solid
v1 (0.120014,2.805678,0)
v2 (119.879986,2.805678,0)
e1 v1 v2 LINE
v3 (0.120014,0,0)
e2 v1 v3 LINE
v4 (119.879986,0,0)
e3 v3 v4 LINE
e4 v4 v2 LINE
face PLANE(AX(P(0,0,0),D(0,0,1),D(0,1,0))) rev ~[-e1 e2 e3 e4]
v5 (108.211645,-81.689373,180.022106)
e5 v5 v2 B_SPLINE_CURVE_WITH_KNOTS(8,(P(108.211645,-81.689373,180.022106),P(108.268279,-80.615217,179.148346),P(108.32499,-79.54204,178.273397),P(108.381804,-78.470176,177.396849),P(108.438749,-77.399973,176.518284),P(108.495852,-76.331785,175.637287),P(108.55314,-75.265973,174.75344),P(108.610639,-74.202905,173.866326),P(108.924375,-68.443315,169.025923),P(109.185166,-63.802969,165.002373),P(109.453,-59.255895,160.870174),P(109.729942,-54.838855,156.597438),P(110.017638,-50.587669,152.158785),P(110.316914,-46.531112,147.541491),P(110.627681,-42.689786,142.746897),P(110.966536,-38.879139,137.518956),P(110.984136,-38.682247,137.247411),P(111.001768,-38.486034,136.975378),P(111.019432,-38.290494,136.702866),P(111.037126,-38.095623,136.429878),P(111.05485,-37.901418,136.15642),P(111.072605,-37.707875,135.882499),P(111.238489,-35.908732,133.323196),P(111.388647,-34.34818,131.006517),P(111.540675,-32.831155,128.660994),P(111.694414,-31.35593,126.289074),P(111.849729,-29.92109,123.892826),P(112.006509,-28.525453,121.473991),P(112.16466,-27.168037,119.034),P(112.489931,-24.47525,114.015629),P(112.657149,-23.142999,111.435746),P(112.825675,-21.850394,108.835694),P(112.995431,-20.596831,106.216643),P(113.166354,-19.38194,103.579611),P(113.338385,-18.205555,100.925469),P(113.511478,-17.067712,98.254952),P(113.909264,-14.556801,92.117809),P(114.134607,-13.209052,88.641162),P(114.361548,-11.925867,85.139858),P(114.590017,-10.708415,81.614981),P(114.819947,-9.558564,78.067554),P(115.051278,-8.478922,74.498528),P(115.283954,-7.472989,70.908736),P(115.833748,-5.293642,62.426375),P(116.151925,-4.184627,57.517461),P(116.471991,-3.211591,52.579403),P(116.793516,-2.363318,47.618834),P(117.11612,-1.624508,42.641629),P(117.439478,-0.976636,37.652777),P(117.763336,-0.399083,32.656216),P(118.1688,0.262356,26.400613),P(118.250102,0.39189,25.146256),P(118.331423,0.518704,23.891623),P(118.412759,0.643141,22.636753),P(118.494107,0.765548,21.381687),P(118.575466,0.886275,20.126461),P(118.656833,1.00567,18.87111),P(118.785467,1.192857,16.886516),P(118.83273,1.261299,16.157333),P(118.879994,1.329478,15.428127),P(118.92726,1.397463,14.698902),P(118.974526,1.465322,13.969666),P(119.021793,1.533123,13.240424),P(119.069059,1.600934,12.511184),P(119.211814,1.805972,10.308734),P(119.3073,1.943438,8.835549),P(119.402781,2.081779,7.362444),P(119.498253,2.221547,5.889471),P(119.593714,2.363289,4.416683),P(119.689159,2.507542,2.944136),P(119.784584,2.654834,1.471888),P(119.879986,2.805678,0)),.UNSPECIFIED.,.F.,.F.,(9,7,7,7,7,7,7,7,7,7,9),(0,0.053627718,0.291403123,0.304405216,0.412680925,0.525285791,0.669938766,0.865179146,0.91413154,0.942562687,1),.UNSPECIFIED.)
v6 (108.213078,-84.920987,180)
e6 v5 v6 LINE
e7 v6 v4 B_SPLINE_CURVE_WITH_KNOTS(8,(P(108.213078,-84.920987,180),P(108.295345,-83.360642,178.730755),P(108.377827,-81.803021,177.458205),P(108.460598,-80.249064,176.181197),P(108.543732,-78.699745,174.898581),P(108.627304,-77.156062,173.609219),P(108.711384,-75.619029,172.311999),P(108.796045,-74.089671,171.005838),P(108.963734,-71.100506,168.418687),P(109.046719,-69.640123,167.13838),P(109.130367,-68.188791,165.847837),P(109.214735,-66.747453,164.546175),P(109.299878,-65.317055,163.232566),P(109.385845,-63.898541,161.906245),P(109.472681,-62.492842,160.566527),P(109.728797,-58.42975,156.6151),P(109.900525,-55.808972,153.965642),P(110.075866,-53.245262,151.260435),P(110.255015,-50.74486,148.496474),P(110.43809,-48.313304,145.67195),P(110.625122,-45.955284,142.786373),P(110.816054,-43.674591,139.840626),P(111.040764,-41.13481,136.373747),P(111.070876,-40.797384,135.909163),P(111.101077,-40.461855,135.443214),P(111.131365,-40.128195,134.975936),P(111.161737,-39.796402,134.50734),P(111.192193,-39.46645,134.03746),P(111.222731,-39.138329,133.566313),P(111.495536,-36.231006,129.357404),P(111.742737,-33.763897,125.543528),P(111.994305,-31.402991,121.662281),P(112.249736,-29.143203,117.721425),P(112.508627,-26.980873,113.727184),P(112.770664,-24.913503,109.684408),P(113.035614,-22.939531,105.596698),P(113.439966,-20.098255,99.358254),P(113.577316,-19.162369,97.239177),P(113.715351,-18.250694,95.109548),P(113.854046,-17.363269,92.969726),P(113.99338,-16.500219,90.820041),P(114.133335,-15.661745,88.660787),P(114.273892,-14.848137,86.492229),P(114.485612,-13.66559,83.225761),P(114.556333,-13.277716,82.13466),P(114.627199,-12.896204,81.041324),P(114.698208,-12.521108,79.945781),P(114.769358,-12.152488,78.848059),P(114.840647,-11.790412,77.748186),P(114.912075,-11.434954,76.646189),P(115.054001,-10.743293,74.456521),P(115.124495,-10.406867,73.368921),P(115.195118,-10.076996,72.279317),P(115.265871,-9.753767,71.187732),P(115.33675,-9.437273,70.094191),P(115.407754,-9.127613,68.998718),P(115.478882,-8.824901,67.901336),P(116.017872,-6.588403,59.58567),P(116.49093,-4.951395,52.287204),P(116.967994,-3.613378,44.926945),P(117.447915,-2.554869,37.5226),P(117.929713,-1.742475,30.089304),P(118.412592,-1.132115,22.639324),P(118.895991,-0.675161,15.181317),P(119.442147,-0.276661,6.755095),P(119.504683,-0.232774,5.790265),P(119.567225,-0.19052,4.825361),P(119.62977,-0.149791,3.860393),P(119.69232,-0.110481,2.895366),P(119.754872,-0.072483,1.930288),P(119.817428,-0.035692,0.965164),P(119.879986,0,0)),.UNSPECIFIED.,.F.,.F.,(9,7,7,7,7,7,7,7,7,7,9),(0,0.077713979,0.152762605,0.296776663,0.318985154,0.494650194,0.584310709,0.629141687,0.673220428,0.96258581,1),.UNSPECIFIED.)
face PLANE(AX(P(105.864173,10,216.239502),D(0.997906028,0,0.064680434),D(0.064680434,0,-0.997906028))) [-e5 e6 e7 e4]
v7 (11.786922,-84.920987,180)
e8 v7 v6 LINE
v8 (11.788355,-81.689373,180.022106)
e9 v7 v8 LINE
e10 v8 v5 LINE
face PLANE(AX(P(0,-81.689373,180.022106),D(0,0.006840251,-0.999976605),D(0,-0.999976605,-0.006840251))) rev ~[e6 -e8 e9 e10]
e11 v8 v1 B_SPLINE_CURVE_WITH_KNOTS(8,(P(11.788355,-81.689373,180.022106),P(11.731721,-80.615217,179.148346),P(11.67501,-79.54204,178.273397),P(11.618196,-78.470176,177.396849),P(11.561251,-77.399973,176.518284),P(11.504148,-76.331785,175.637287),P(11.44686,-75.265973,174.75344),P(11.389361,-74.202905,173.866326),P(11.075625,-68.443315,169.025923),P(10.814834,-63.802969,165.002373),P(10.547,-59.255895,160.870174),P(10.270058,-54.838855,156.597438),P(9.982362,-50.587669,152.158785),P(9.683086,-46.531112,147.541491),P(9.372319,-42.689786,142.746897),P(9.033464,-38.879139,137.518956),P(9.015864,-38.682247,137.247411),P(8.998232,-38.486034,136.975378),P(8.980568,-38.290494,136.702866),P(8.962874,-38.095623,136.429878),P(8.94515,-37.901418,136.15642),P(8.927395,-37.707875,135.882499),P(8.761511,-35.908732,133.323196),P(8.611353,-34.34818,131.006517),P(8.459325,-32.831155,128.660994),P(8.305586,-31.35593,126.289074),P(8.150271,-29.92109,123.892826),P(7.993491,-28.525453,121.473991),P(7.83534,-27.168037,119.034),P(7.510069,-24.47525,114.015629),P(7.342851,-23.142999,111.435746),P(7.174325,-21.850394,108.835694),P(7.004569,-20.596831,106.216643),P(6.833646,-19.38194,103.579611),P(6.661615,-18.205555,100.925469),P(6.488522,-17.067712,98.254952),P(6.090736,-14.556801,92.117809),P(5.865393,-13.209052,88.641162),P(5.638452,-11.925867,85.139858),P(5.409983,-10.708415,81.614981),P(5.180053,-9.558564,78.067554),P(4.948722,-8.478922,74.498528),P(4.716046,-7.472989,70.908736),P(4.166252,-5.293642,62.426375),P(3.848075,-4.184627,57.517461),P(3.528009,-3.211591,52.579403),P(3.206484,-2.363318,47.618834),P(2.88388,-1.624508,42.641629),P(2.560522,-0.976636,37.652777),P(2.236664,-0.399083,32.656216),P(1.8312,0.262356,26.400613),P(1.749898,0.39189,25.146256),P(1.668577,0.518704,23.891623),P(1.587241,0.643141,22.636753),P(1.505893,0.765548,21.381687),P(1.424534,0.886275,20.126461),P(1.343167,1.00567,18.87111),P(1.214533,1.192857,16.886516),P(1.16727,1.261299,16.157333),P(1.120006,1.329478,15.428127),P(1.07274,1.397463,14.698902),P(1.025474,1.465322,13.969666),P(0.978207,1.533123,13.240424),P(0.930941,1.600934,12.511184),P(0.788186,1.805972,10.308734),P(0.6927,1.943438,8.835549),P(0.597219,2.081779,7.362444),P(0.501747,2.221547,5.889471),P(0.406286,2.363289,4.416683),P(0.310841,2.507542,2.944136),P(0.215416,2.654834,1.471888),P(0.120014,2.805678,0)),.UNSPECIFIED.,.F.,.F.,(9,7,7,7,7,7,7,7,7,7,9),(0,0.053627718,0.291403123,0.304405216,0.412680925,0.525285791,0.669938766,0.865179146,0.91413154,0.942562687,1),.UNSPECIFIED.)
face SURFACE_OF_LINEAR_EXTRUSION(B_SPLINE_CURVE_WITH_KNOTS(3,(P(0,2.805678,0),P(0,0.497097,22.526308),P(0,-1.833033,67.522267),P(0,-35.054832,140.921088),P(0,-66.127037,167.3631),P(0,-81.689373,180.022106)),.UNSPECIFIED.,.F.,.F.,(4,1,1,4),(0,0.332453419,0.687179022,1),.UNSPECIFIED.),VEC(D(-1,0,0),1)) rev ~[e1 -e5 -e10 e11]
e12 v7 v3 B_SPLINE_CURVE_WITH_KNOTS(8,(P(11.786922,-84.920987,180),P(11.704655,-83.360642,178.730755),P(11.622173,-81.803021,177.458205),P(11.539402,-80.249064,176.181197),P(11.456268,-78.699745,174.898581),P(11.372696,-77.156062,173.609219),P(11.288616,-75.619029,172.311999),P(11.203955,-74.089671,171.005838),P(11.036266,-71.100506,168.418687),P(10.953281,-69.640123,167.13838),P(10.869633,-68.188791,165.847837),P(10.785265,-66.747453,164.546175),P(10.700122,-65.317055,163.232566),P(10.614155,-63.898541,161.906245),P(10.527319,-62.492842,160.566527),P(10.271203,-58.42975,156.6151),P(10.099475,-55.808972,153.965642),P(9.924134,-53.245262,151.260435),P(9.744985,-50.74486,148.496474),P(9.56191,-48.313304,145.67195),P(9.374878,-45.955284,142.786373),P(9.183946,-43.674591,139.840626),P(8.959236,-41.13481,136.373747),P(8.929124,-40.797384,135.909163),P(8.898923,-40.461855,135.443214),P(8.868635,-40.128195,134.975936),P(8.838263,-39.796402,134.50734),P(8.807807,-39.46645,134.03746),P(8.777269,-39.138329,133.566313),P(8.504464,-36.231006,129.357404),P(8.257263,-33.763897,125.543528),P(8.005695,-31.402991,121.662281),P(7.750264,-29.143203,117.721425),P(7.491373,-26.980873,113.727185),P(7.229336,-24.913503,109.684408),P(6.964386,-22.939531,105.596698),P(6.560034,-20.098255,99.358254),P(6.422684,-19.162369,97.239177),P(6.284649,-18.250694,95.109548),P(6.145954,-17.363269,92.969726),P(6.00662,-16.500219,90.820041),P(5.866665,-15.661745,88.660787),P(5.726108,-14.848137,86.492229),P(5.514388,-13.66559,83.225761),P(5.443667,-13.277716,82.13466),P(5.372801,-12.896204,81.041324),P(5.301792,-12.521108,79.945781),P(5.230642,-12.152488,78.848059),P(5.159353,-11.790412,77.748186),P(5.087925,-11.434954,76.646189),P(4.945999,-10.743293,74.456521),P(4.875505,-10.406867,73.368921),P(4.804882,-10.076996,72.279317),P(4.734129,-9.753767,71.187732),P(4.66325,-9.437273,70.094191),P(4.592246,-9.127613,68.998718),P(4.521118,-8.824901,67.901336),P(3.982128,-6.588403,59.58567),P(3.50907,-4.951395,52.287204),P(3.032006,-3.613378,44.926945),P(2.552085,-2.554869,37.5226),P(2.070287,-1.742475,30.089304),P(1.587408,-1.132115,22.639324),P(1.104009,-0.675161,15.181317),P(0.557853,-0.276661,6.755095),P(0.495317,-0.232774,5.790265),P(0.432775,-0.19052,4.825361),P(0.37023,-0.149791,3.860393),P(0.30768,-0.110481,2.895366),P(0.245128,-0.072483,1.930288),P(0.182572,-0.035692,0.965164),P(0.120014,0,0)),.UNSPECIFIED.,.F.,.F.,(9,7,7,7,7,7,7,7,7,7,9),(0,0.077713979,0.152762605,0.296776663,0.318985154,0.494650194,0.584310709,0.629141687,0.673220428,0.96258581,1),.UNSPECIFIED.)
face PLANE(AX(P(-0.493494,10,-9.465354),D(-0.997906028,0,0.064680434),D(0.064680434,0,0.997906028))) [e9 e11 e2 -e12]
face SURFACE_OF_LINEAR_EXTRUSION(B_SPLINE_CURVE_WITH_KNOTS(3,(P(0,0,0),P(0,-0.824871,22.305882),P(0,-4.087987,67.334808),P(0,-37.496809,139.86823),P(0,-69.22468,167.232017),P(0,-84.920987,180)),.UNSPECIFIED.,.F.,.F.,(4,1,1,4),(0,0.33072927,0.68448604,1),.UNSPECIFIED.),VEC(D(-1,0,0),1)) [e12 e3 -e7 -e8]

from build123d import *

# Parameters (mm, degrees)
F1_DEPTH = 120
F4_DEPTH = 150


with BuildPart() as f1:
    # F0 (on Right) → F1 (new body)
    with BuildSketch(Plane.YZ):
        with BuildLine():
            add(Edge.make_bspline(
                [(0, 0), (-0.8248705769, 22.3058823974), (-4.0879868861, 67.3348078908), (-37.4968088314, 139.8682303723), (-69.2246799773, 167.2320171194), (-84.9209874868, 180)],
                knots=[0, 0, 0, 0, 0.33072927, 0.6844860396, 1, 1, 1, 1], degree=3))
            Line((0, 0), (2.8056783602, 0))
            add(Edge.make_bspline(
                [(2.8056783602, 0), (0.4970972667, 22.5263075512), (-1.8330327824, 67.5222668889), (-35.0548319825, 140.921088041), (-66.1270366794, 167.363100312), (-81.6893726587, 180.0221055746)],
                knots=[0, 0, 0, 0, 0.3324534186, 0.6871790225, 1, 1, 1, 1], degree=3))
            Line((-81.6893726587, 180.0221055746), (-84.9209874868, 180))
        make_face()
    extrude(amount=F1_DEPTH)

    # F3 (on offset) → F4 (cut)
    with BuildSketch(Plane.XZ.offset(-10)):
        Polygon((105.8641725325, 216.2395015438), (120.4934939742, -9.4653544948), (140, -5.6541487575), (140, 216.2395015438), align=None)
        Polygon((-20, -5.6541487575), (-0.4934939742, -9.4653544948), (14.1358274675, 216.2395015438), (-20, 216.2395015438), align=None)
    extrude(amount=F4_DEPTH, mode=Mode.SUBTRACT)


solid = f1.part
